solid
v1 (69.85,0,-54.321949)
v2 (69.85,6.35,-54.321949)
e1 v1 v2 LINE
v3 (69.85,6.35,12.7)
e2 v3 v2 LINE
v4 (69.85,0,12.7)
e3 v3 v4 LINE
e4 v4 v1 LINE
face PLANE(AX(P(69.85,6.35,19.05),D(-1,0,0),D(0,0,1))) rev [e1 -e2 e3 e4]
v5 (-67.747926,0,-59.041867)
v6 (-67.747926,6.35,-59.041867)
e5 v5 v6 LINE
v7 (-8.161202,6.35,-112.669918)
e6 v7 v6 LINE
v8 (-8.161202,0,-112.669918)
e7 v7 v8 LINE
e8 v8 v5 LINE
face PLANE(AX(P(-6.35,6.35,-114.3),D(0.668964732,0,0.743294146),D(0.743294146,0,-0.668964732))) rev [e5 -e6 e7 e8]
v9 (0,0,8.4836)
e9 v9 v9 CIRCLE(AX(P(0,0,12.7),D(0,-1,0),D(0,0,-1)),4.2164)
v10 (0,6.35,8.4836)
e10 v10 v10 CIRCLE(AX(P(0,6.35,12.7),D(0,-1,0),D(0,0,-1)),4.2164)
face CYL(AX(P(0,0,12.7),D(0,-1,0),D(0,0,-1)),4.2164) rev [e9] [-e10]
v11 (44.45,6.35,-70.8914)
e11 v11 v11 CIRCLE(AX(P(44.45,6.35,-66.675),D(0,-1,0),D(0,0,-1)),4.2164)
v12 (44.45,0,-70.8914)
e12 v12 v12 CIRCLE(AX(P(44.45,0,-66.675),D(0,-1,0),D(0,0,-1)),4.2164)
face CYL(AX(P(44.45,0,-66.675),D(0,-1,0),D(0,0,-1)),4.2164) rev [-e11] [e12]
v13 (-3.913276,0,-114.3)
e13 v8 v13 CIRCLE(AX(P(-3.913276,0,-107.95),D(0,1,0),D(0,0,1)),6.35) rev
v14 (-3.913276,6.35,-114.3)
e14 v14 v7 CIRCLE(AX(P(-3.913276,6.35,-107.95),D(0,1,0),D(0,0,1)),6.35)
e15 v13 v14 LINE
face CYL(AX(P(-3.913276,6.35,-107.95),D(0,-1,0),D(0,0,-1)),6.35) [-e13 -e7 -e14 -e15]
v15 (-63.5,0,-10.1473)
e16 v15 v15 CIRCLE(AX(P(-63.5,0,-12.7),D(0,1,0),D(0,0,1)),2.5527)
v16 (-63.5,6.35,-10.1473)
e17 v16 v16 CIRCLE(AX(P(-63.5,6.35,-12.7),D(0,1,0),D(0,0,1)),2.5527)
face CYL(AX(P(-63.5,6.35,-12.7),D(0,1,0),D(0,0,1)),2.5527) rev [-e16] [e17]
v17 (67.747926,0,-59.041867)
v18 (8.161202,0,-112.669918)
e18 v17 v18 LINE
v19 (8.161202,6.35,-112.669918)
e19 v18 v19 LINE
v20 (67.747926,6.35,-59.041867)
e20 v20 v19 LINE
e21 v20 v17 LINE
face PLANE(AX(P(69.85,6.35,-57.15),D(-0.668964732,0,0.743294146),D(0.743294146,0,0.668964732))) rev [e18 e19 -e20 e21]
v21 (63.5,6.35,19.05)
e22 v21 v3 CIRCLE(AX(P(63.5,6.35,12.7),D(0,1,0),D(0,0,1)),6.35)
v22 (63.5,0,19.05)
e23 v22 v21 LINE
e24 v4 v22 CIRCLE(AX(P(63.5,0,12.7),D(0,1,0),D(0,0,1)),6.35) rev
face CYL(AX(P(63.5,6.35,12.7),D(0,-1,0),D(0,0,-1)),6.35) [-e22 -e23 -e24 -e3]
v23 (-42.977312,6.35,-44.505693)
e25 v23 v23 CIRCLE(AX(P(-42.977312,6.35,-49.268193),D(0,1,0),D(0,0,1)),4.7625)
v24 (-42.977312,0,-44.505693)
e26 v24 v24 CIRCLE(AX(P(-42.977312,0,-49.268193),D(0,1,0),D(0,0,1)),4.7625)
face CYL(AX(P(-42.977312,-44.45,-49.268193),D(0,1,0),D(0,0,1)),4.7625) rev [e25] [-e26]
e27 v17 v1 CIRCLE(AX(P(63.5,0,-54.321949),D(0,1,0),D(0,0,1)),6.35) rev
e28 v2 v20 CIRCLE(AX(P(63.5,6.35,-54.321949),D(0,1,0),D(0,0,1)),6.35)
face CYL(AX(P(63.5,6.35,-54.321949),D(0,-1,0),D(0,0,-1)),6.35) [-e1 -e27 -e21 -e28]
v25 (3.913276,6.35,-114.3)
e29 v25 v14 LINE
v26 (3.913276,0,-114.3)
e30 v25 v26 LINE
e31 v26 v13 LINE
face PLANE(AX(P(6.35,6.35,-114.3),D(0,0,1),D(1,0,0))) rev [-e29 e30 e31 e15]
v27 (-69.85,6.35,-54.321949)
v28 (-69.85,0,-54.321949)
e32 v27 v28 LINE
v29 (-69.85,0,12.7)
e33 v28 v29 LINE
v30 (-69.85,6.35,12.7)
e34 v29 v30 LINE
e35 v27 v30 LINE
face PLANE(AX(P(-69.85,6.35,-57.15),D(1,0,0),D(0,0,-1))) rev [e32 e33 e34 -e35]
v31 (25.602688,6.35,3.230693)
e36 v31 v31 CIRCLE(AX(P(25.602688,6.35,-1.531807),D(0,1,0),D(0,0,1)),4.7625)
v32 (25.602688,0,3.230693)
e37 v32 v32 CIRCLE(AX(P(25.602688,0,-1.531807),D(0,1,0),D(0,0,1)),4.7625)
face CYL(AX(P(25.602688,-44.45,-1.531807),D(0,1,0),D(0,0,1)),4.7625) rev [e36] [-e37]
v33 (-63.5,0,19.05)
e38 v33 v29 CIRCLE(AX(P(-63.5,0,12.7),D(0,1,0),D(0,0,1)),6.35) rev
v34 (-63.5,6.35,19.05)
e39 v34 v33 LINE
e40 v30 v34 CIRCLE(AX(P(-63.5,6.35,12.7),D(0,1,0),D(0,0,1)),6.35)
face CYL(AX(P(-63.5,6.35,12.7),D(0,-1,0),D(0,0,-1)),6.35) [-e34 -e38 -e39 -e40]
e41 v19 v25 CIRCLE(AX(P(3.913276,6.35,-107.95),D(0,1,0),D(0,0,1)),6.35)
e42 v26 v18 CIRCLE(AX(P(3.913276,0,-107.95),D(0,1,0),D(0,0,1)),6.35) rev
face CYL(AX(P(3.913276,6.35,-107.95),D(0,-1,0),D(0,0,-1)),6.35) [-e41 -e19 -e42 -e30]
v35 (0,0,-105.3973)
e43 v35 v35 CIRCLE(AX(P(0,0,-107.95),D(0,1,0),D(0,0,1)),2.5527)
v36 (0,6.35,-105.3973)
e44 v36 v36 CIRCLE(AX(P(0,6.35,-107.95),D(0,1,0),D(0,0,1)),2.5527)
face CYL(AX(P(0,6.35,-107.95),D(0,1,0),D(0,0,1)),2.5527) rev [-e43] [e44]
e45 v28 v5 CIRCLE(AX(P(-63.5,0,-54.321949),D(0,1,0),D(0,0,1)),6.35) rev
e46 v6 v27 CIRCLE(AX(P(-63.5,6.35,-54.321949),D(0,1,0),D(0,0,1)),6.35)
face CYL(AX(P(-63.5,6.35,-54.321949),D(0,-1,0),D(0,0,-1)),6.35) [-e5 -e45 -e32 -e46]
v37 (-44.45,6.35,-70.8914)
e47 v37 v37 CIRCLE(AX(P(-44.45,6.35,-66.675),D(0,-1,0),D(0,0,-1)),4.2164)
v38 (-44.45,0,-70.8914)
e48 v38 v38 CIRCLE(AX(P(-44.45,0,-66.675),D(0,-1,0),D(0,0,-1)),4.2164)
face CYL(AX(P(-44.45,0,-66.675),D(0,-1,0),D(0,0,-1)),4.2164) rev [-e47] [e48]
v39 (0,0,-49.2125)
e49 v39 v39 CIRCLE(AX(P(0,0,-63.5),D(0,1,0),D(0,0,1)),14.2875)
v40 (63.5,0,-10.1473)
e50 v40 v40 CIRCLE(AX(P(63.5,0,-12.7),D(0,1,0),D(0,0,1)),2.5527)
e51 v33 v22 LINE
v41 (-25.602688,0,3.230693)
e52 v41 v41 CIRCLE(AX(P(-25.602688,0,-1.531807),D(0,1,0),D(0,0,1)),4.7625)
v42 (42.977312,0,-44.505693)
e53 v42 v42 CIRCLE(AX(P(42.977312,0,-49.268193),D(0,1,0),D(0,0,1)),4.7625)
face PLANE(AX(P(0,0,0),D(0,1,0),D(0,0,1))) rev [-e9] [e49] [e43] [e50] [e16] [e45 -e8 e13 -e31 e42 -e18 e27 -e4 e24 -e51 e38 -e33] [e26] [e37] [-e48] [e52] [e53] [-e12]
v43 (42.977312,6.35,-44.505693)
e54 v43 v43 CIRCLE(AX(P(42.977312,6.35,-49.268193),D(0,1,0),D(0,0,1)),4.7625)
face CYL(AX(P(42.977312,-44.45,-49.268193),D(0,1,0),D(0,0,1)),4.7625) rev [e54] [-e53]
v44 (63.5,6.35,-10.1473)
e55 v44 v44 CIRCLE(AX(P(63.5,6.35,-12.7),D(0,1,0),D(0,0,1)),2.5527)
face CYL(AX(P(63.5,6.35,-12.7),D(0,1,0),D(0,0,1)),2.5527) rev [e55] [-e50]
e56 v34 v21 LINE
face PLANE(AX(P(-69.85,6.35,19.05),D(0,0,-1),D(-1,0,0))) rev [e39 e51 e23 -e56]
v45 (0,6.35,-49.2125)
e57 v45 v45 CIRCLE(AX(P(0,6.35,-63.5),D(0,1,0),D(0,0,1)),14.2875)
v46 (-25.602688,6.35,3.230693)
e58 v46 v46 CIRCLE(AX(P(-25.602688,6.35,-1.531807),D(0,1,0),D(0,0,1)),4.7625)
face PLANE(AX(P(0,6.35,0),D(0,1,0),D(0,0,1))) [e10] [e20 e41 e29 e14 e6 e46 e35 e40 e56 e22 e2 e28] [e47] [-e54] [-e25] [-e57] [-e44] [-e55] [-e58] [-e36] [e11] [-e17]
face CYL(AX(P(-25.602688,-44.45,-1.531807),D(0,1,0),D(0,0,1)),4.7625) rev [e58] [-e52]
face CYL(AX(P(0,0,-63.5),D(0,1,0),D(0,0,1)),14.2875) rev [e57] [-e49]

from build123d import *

# Parameters (mm, degrees)
BOSS_EXTRUDE1_DEPTH        = 6.35
SKETCH4_R                  = 14.2875
CUT_EXTRUDE2_DEPTH         = 135.10382172
SKETCH5_R                  = 4.7625
CUT_EXTRUDE3_DEPTH         = 50.8
F_10_CLEARANCE_HOLE1_D     = 5.1054
F_10_CLEARANCE_HOLE1_DEPTH = 50.8
F_10_CLEARANCE_HOLE1_TIP   = 1.533816902
FILLET1_R                  = 6.35
F_5_16_CLEARANCE_HOLE1_D   = 8.4328


with BuildPart() as part:
    # Sketch1 → Boss-Extrude1 (new body)
    with BuildSketch(Plane(origin=(0, 0, 0), x_dir=(1, 0, 0), z_dir=(0, 1, 0))):
        Polygon((-69.85, -19.05), (69.85, -19.05), (69.85, 57.15), (6.35, 114.3), (-6.35, 114.3), (-69.85, 57.15), align=None)
    extrude(amount=BOSS_EXTRUDE1_DEPTH)

    # Sketch4 → Cut-Extrude2 (cut, through all)
    with BuildSketch(Plane(origin=(0, 6.35, 0), x_dir=(1, 0, 0), z_dir=(0, 1, 0))):
        with Locations(Location((0, 63.5, 0), (0, 0, 270))):
            Circle(SKETCH4_R)
    extrude(amount=-CUT_EXTRUDE2_DEPTH, mode=Mode.SUBTRACT)

    # Sketch5 → Cut-Extrude3 (cut)
    with BuildSketch(Plane(origin=(0, 6.35, 19.05), x_dir=(-0.9584281674521108, 0, 0.2853339233851958), z_dir=(0, 1, 0))):
        with Locations(Location((21.697168114, -77.740965053, 0), (0, 0, 73.42119018))):
            Circle(SKETCH5_R)
        with Locations(Location((18.665649821, -27.031499499, 0), (0, 0, 73.42119018))):
            Circle(SKETCH5_R)
        with Locations(Location((-30.411025551, -12.420868461, 0), (0, 0, 73.42119018))):
            Circle(SKETCH5_R)
        with Locations(Location((-60.684163962, -53.21519516, 0), (0, 0, 73.42119018))):
            Circle(SKETCH5_R)
    extrude(amount=-CUT_EXTRUDE3_DEPTH, mode=Mode.SUBTRACT)

    # #10 Clearance Hole1
    with Locations(Plane(origin=(0, 6.35, 19.05), x_dir=(1, 0, 0), z_dir=(0, 1, 0))):
        with Locations((-63.5, 31.75), (63.5, 31.75), (0, 127)):
            Hole(F_10_CLEARANCE_HOLE1_D / 2, depth=F_10_CLEARANCE_HOLE1_DEPTH)
            with Locations((0, 0, -(F_10_CLEARANCE_HOLE1_DEPTH + F_10_CLEARANCE_HOLE1_TIP / 2))):  # 118° drill point
                Cone(0, F_10_CLEARANCE_HOLE1_D / 2, F_10_CLEARANCE_HOLE1_TIP, mode=Mode.SUBTRACT)

    # Fillet1
    fillet1_edges = [part.edges().sort_by_distance(p)[0] for p in [
        (-69.85, 3.175, -57.15),
        (-6.35, 3.175, -114.3),
        (6.35, 3.175, -114.3),
        (69.85, 3.175, -57.15),
        (69.85, 3.175, 19.05),
        (-69.85, 3.175, 19.05),
    ]]
    fillet(fillet1_edges, radius=FILLET1_R)

    # 5/16 Clearance Hole1 (through all)
    with Locations(Plane(origin=(0, 0, 19.05), x_dir=(-1, 0, 0), z_dir=(0, -1, 0))):
        with Locations((-44.45, 85.725), (44.45, 85.725), (0, 6.35)):
            Hole(F_5_16_CLEARANCE_HOLE1_D / 2)


solid = part.part
